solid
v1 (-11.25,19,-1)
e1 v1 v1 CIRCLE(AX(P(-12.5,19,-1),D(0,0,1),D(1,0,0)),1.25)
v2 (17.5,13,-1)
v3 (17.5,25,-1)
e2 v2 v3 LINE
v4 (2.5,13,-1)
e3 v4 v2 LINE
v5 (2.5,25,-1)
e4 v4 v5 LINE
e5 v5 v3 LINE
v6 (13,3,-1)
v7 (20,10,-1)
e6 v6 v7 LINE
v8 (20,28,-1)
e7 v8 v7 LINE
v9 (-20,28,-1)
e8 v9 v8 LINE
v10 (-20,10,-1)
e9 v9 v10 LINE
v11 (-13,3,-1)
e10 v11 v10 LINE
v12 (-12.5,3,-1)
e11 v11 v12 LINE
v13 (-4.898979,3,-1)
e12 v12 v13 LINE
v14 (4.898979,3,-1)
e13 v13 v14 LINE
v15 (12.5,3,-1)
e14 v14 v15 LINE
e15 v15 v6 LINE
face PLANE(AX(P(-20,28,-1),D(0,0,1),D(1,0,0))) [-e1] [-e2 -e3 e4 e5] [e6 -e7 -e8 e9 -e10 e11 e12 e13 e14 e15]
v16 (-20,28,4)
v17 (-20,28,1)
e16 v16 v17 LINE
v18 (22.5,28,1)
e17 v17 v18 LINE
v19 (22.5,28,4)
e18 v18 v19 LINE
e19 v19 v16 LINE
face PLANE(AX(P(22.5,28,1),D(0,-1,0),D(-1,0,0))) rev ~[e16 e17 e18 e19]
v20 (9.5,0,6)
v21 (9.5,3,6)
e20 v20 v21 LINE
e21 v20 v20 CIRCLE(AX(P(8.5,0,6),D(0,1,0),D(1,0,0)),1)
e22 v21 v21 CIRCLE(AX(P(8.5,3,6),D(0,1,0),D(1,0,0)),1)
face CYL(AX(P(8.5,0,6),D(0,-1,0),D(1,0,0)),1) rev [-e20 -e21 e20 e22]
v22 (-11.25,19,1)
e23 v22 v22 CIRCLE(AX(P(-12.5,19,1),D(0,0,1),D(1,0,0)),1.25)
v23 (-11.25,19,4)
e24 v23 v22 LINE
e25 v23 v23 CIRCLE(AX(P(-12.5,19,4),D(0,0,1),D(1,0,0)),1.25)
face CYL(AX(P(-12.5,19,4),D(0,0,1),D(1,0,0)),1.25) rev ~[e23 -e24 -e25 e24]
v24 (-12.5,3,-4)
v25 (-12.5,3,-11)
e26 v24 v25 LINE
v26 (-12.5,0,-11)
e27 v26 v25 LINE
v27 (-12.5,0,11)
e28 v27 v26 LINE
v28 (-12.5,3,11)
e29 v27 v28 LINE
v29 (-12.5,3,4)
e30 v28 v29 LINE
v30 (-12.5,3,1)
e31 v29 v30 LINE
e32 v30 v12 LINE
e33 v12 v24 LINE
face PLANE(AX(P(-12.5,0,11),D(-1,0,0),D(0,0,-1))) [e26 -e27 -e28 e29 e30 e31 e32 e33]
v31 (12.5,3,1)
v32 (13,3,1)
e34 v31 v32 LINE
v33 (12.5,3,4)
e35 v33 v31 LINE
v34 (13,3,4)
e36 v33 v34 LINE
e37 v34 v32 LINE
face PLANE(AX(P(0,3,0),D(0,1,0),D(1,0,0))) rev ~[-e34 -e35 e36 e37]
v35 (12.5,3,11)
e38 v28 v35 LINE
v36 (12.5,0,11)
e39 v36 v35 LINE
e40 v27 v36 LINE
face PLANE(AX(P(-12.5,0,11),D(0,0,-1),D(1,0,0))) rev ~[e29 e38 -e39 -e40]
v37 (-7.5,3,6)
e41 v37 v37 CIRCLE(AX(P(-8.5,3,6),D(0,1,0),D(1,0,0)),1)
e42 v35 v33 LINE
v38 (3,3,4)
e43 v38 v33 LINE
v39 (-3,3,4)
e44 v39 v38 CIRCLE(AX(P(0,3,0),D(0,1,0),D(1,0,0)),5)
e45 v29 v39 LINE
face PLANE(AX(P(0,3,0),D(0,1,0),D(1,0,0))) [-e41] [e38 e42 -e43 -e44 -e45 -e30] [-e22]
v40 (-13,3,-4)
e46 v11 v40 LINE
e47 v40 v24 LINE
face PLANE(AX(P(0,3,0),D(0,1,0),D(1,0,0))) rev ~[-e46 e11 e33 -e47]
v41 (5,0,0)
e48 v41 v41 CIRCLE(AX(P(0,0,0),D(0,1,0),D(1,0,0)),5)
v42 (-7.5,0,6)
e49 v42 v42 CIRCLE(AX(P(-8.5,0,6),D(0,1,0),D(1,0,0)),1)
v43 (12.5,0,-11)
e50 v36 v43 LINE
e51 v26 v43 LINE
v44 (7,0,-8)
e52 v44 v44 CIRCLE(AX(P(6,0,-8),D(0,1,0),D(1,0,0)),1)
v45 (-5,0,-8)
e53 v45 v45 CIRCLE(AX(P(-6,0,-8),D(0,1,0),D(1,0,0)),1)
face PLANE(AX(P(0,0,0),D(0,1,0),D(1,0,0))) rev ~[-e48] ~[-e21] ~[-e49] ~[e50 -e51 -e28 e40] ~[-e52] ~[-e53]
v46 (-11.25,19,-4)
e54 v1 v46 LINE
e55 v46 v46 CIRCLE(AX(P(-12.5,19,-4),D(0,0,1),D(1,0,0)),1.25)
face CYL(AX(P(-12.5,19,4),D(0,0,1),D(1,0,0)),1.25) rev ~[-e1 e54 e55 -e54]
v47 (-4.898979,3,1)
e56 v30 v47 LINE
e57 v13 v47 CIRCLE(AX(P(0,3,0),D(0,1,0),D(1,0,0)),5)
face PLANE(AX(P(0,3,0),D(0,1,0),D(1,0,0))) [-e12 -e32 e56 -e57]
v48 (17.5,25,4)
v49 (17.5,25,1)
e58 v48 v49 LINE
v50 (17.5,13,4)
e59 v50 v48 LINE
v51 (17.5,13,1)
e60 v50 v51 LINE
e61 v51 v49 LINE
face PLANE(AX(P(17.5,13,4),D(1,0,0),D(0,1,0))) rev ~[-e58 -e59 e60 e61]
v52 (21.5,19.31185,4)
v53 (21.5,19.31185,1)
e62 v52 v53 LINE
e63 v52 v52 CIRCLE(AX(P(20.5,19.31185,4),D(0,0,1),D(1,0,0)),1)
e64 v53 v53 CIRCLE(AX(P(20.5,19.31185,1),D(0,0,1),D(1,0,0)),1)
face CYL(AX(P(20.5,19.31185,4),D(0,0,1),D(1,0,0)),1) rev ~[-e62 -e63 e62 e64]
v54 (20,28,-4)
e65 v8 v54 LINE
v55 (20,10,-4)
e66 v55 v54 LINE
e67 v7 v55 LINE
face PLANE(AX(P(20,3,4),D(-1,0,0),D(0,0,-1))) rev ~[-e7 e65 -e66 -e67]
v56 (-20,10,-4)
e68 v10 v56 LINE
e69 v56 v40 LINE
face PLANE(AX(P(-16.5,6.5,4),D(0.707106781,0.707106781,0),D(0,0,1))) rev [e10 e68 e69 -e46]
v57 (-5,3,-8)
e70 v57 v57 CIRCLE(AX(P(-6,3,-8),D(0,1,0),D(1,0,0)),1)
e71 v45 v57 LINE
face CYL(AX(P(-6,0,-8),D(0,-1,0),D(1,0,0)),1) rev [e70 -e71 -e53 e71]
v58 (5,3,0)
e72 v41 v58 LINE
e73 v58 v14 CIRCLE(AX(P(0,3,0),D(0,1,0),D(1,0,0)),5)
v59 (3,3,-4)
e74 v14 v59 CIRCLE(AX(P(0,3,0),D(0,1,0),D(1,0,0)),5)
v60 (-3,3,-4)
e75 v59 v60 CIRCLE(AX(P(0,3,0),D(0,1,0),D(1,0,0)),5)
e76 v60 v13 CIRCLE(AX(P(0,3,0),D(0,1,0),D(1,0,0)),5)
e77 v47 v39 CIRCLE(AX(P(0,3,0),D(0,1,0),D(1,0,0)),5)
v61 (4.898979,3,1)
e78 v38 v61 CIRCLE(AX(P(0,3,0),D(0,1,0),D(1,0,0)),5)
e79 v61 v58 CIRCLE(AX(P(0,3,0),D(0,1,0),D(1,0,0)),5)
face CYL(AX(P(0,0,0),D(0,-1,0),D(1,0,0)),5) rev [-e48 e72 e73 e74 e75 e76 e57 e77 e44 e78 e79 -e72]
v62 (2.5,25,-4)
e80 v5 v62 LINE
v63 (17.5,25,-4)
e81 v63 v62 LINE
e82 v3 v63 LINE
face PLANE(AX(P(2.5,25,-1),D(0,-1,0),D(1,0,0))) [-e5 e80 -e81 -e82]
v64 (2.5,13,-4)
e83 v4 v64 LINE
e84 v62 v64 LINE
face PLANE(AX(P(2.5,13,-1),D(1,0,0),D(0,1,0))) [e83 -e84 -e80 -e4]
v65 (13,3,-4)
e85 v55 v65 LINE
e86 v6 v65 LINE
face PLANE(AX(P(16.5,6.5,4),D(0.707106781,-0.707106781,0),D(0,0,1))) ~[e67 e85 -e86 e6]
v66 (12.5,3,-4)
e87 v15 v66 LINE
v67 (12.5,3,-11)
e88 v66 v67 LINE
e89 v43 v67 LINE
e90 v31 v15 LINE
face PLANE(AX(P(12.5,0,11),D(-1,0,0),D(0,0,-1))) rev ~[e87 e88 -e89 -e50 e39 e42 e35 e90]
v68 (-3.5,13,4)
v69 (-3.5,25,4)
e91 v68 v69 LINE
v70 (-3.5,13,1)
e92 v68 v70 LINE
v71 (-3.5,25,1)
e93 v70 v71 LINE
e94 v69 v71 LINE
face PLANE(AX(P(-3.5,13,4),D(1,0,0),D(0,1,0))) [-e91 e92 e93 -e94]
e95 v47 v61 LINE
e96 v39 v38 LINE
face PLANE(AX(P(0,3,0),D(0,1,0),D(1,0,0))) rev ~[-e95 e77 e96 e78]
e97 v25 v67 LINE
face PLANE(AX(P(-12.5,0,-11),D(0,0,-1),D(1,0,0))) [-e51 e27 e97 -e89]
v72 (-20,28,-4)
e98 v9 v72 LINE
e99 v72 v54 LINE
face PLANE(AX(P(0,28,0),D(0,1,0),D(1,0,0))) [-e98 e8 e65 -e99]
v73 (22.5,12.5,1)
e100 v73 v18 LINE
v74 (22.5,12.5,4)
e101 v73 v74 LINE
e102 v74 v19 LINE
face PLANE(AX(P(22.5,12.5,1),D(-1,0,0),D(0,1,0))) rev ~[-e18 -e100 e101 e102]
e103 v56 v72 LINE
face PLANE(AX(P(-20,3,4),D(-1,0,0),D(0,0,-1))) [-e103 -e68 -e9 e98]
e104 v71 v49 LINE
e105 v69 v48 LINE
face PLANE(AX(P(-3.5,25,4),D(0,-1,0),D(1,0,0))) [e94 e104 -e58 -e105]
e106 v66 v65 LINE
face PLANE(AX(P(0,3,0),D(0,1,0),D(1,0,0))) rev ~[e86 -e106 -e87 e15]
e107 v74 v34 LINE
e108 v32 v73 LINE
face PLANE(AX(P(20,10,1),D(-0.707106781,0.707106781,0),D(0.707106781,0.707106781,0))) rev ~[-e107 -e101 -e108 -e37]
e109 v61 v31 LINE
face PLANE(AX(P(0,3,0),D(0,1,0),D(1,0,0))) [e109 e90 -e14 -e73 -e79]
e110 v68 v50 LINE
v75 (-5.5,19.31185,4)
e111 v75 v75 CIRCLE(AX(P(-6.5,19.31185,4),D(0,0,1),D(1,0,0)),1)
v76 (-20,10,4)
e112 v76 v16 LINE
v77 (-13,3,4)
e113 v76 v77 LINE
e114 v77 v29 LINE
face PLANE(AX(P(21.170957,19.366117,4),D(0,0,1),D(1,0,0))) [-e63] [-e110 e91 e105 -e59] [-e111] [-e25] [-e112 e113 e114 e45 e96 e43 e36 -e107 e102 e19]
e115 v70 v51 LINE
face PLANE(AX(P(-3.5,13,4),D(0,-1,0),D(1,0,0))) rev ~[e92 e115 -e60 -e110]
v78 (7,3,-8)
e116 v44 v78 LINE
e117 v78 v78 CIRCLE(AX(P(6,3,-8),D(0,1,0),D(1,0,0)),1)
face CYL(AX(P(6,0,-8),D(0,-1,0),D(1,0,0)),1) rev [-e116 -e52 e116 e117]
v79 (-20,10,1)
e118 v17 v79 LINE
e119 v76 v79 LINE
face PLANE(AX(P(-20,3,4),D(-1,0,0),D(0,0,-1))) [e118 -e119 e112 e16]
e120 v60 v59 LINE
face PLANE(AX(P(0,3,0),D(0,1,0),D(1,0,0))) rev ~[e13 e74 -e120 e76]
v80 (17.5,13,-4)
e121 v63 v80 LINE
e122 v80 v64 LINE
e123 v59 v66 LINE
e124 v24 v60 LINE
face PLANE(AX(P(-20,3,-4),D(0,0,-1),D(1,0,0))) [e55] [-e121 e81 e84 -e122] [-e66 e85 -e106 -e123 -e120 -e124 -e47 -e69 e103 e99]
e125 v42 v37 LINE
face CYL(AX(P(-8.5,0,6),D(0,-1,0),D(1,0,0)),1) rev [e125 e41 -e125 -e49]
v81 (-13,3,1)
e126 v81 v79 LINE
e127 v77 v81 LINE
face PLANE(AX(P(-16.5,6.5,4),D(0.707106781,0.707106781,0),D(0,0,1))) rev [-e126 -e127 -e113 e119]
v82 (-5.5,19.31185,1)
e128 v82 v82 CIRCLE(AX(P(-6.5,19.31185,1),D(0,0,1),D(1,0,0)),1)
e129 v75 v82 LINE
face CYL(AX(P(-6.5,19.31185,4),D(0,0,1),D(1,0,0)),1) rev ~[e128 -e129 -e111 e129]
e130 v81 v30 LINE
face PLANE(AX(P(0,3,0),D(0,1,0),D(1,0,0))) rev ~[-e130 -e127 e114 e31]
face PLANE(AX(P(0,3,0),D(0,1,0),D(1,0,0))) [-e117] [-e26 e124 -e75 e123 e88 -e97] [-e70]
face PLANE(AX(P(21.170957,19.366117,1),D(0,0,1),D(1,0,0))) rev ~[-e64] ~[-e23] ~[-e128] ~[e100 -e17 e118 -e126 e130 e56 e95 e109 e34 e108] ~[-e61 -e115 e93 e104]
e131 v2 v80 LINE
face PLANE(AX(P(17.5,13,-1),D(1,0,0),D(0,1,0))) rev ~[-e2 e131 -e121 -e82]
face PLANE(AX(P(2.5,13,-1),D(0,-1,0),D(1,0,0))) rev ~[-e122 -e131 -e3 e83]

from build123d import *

# Parameters (mm, degrees)
SKETCH1_W           = 25
SKETCH1_H           = 22
SKETCH1_R           = 1
SKETCH1_R_2         = 5
BOSS_EXTRUDE1_DEPTH = 3
SKETCH2_W           = 40
SKETCH2_H           = 8
BOSS_EXTRUDE2_DEPTH = 25
CHAMFER1_SIZE       = 7
SKETCH3_W           = 40
SKETCH3_H           = 2
CUT_EXTRUDE1_DEPTH  = 25
SKETCH7_W           = 21
SKETCH7_H           = 12
CUT_EXTRUDE2_DEPTH  = 3
SKETCH8_W           = 15
SKETCH8_H           = 12
CUT_EXTRUDE3_DEPTH  = 31
SKETCH9_R           = 1.25
CUT_EXTRUDE4_DEPTH  = 31
BOSS_EXTRUDE3_START = -3
BOSS_EXTRUDE3_DEPTH = 3
SKETCH11_R          = 1
CUT_EXTRUDE5_DEPTH  = 3


with BuildPart() as part:
    # Sketch1 → Boss-Extrude1 (new body)
    with BuildSketch(Plane(origin=(0, 0, 0), x_dir=(1, 0, 0), z_dir=(0, 1, 0))):
        Rectangle(SKETCH1_W, SKETCH1_H)
        with Locations((6, 8)):
            Circle(SKETCH1_R, mode=Mode.SUBTRACT)
        with Locations((-6, 8)):
            Circle(SKETCH1_R, mode=Mode.SUBTRACT)
        Circle(SKETCH1_R_2, mode=Mode.SUBTRACT)
        with Locations((-8.5, -6)):
            Circle(SKETCH1_R, mode=Mode.SUBTRACT)
        with Locations((8.5, -6)):
            Circle(SKETCH1_R, mode=Mode.SUBTRACT)
    extrude(amount=BOSS_EXTRUDE1_DEPTH)

    # Sketch2 → Boss-Extrude2 (add)
    with BuildSketch(Plane(origin=(0, 3, 0), x_dir=(1, 0, 0), z_dir=(0, 1, 0))):
        Rectangle(SKETCH2_W, SKETCH2_H)
    extrude(amount=BOSS_EXTRUDE2_DEPTH)

    # Chamfer1
    chamfer1_edges = [part.edges().sort_by_distance(p)[0] for p in [
        (20, 3, 0),
        (-20, 3, 0),
    ]]
    chamfer(chamfer1_edges, length=CHAMFER1_SIZE)

    # Sketch3 → Cut-Extrude1 (cut)
    with BuildSketch(Plane(origin=(0, 28, 0), x_dir=(1, 0, 0), z_dir=(0, 1, 0))):
        Rectangle(SKETCH3_W, SKETCH3_H)
    extrude(amount=-CUT_EXTRUDE1_DEPTH, mode=Mode.SUBTRACT)

    # Sketch7 → Cut-Extrude2 (cut)
    with BuildSketch(Plane.XY.offset(4)):
        with Locations((7, 19)):
            Rectangle(SKETCH7_W, SKETCH7_H)
    extrude(amount=-CUT_EXTRUDE2_DEPTH, mode=Mode.SUBTRACT)

    # Sketch8 → Cut-Extrude3 (cut)
    with BuildSketch(Plane.XY.offset(-1)):
        with Locations((10, 19)):
            Rectangle(SKETCH8_W, SKETCH8_H)
    extrude(amount=-CUT_EXTRUDE3_DEPTH, mode=Mode.SUBTRACT)

    # Sketch9 → Cut-Extrude4 (cut)
    with BuildSketch(Plane.XY.offset(4)):
        with Locations((-12.5, 19)):
            Circle(SKETCH9_R)
    extrude(amount=-CUT_EXTRUDE4_DEPTH, mode=Mode.SUBTRACT)

    # Sketch10 → Boss-Extrude3 (add)
    with BuildSketch(Plane.XY.offset(4).offset(BOSS_EXTRUDE3_START)):
        Polygon((20, 10), (22.5, 12.5), (22.5, 28), (20, 28), align=None)
    extrude(amount=BOSS_EXTRUDE3_DEPTH)

    # Sketch11 → Cut-Extrude5 (cut)
    with BuildSketch(Plane.XY.offset(4)):
        with Locations((20.5, 19.311850015)):
            Circle(SKETCH11_R)
        with Locations((-6.5, 19.311850015)):
            Circle(SKETCH11_R)
    extrude(amount=-CUT_EXTRUDE5_DEPTH, mode=Mode.SUBTRACT)


solid = part.part
